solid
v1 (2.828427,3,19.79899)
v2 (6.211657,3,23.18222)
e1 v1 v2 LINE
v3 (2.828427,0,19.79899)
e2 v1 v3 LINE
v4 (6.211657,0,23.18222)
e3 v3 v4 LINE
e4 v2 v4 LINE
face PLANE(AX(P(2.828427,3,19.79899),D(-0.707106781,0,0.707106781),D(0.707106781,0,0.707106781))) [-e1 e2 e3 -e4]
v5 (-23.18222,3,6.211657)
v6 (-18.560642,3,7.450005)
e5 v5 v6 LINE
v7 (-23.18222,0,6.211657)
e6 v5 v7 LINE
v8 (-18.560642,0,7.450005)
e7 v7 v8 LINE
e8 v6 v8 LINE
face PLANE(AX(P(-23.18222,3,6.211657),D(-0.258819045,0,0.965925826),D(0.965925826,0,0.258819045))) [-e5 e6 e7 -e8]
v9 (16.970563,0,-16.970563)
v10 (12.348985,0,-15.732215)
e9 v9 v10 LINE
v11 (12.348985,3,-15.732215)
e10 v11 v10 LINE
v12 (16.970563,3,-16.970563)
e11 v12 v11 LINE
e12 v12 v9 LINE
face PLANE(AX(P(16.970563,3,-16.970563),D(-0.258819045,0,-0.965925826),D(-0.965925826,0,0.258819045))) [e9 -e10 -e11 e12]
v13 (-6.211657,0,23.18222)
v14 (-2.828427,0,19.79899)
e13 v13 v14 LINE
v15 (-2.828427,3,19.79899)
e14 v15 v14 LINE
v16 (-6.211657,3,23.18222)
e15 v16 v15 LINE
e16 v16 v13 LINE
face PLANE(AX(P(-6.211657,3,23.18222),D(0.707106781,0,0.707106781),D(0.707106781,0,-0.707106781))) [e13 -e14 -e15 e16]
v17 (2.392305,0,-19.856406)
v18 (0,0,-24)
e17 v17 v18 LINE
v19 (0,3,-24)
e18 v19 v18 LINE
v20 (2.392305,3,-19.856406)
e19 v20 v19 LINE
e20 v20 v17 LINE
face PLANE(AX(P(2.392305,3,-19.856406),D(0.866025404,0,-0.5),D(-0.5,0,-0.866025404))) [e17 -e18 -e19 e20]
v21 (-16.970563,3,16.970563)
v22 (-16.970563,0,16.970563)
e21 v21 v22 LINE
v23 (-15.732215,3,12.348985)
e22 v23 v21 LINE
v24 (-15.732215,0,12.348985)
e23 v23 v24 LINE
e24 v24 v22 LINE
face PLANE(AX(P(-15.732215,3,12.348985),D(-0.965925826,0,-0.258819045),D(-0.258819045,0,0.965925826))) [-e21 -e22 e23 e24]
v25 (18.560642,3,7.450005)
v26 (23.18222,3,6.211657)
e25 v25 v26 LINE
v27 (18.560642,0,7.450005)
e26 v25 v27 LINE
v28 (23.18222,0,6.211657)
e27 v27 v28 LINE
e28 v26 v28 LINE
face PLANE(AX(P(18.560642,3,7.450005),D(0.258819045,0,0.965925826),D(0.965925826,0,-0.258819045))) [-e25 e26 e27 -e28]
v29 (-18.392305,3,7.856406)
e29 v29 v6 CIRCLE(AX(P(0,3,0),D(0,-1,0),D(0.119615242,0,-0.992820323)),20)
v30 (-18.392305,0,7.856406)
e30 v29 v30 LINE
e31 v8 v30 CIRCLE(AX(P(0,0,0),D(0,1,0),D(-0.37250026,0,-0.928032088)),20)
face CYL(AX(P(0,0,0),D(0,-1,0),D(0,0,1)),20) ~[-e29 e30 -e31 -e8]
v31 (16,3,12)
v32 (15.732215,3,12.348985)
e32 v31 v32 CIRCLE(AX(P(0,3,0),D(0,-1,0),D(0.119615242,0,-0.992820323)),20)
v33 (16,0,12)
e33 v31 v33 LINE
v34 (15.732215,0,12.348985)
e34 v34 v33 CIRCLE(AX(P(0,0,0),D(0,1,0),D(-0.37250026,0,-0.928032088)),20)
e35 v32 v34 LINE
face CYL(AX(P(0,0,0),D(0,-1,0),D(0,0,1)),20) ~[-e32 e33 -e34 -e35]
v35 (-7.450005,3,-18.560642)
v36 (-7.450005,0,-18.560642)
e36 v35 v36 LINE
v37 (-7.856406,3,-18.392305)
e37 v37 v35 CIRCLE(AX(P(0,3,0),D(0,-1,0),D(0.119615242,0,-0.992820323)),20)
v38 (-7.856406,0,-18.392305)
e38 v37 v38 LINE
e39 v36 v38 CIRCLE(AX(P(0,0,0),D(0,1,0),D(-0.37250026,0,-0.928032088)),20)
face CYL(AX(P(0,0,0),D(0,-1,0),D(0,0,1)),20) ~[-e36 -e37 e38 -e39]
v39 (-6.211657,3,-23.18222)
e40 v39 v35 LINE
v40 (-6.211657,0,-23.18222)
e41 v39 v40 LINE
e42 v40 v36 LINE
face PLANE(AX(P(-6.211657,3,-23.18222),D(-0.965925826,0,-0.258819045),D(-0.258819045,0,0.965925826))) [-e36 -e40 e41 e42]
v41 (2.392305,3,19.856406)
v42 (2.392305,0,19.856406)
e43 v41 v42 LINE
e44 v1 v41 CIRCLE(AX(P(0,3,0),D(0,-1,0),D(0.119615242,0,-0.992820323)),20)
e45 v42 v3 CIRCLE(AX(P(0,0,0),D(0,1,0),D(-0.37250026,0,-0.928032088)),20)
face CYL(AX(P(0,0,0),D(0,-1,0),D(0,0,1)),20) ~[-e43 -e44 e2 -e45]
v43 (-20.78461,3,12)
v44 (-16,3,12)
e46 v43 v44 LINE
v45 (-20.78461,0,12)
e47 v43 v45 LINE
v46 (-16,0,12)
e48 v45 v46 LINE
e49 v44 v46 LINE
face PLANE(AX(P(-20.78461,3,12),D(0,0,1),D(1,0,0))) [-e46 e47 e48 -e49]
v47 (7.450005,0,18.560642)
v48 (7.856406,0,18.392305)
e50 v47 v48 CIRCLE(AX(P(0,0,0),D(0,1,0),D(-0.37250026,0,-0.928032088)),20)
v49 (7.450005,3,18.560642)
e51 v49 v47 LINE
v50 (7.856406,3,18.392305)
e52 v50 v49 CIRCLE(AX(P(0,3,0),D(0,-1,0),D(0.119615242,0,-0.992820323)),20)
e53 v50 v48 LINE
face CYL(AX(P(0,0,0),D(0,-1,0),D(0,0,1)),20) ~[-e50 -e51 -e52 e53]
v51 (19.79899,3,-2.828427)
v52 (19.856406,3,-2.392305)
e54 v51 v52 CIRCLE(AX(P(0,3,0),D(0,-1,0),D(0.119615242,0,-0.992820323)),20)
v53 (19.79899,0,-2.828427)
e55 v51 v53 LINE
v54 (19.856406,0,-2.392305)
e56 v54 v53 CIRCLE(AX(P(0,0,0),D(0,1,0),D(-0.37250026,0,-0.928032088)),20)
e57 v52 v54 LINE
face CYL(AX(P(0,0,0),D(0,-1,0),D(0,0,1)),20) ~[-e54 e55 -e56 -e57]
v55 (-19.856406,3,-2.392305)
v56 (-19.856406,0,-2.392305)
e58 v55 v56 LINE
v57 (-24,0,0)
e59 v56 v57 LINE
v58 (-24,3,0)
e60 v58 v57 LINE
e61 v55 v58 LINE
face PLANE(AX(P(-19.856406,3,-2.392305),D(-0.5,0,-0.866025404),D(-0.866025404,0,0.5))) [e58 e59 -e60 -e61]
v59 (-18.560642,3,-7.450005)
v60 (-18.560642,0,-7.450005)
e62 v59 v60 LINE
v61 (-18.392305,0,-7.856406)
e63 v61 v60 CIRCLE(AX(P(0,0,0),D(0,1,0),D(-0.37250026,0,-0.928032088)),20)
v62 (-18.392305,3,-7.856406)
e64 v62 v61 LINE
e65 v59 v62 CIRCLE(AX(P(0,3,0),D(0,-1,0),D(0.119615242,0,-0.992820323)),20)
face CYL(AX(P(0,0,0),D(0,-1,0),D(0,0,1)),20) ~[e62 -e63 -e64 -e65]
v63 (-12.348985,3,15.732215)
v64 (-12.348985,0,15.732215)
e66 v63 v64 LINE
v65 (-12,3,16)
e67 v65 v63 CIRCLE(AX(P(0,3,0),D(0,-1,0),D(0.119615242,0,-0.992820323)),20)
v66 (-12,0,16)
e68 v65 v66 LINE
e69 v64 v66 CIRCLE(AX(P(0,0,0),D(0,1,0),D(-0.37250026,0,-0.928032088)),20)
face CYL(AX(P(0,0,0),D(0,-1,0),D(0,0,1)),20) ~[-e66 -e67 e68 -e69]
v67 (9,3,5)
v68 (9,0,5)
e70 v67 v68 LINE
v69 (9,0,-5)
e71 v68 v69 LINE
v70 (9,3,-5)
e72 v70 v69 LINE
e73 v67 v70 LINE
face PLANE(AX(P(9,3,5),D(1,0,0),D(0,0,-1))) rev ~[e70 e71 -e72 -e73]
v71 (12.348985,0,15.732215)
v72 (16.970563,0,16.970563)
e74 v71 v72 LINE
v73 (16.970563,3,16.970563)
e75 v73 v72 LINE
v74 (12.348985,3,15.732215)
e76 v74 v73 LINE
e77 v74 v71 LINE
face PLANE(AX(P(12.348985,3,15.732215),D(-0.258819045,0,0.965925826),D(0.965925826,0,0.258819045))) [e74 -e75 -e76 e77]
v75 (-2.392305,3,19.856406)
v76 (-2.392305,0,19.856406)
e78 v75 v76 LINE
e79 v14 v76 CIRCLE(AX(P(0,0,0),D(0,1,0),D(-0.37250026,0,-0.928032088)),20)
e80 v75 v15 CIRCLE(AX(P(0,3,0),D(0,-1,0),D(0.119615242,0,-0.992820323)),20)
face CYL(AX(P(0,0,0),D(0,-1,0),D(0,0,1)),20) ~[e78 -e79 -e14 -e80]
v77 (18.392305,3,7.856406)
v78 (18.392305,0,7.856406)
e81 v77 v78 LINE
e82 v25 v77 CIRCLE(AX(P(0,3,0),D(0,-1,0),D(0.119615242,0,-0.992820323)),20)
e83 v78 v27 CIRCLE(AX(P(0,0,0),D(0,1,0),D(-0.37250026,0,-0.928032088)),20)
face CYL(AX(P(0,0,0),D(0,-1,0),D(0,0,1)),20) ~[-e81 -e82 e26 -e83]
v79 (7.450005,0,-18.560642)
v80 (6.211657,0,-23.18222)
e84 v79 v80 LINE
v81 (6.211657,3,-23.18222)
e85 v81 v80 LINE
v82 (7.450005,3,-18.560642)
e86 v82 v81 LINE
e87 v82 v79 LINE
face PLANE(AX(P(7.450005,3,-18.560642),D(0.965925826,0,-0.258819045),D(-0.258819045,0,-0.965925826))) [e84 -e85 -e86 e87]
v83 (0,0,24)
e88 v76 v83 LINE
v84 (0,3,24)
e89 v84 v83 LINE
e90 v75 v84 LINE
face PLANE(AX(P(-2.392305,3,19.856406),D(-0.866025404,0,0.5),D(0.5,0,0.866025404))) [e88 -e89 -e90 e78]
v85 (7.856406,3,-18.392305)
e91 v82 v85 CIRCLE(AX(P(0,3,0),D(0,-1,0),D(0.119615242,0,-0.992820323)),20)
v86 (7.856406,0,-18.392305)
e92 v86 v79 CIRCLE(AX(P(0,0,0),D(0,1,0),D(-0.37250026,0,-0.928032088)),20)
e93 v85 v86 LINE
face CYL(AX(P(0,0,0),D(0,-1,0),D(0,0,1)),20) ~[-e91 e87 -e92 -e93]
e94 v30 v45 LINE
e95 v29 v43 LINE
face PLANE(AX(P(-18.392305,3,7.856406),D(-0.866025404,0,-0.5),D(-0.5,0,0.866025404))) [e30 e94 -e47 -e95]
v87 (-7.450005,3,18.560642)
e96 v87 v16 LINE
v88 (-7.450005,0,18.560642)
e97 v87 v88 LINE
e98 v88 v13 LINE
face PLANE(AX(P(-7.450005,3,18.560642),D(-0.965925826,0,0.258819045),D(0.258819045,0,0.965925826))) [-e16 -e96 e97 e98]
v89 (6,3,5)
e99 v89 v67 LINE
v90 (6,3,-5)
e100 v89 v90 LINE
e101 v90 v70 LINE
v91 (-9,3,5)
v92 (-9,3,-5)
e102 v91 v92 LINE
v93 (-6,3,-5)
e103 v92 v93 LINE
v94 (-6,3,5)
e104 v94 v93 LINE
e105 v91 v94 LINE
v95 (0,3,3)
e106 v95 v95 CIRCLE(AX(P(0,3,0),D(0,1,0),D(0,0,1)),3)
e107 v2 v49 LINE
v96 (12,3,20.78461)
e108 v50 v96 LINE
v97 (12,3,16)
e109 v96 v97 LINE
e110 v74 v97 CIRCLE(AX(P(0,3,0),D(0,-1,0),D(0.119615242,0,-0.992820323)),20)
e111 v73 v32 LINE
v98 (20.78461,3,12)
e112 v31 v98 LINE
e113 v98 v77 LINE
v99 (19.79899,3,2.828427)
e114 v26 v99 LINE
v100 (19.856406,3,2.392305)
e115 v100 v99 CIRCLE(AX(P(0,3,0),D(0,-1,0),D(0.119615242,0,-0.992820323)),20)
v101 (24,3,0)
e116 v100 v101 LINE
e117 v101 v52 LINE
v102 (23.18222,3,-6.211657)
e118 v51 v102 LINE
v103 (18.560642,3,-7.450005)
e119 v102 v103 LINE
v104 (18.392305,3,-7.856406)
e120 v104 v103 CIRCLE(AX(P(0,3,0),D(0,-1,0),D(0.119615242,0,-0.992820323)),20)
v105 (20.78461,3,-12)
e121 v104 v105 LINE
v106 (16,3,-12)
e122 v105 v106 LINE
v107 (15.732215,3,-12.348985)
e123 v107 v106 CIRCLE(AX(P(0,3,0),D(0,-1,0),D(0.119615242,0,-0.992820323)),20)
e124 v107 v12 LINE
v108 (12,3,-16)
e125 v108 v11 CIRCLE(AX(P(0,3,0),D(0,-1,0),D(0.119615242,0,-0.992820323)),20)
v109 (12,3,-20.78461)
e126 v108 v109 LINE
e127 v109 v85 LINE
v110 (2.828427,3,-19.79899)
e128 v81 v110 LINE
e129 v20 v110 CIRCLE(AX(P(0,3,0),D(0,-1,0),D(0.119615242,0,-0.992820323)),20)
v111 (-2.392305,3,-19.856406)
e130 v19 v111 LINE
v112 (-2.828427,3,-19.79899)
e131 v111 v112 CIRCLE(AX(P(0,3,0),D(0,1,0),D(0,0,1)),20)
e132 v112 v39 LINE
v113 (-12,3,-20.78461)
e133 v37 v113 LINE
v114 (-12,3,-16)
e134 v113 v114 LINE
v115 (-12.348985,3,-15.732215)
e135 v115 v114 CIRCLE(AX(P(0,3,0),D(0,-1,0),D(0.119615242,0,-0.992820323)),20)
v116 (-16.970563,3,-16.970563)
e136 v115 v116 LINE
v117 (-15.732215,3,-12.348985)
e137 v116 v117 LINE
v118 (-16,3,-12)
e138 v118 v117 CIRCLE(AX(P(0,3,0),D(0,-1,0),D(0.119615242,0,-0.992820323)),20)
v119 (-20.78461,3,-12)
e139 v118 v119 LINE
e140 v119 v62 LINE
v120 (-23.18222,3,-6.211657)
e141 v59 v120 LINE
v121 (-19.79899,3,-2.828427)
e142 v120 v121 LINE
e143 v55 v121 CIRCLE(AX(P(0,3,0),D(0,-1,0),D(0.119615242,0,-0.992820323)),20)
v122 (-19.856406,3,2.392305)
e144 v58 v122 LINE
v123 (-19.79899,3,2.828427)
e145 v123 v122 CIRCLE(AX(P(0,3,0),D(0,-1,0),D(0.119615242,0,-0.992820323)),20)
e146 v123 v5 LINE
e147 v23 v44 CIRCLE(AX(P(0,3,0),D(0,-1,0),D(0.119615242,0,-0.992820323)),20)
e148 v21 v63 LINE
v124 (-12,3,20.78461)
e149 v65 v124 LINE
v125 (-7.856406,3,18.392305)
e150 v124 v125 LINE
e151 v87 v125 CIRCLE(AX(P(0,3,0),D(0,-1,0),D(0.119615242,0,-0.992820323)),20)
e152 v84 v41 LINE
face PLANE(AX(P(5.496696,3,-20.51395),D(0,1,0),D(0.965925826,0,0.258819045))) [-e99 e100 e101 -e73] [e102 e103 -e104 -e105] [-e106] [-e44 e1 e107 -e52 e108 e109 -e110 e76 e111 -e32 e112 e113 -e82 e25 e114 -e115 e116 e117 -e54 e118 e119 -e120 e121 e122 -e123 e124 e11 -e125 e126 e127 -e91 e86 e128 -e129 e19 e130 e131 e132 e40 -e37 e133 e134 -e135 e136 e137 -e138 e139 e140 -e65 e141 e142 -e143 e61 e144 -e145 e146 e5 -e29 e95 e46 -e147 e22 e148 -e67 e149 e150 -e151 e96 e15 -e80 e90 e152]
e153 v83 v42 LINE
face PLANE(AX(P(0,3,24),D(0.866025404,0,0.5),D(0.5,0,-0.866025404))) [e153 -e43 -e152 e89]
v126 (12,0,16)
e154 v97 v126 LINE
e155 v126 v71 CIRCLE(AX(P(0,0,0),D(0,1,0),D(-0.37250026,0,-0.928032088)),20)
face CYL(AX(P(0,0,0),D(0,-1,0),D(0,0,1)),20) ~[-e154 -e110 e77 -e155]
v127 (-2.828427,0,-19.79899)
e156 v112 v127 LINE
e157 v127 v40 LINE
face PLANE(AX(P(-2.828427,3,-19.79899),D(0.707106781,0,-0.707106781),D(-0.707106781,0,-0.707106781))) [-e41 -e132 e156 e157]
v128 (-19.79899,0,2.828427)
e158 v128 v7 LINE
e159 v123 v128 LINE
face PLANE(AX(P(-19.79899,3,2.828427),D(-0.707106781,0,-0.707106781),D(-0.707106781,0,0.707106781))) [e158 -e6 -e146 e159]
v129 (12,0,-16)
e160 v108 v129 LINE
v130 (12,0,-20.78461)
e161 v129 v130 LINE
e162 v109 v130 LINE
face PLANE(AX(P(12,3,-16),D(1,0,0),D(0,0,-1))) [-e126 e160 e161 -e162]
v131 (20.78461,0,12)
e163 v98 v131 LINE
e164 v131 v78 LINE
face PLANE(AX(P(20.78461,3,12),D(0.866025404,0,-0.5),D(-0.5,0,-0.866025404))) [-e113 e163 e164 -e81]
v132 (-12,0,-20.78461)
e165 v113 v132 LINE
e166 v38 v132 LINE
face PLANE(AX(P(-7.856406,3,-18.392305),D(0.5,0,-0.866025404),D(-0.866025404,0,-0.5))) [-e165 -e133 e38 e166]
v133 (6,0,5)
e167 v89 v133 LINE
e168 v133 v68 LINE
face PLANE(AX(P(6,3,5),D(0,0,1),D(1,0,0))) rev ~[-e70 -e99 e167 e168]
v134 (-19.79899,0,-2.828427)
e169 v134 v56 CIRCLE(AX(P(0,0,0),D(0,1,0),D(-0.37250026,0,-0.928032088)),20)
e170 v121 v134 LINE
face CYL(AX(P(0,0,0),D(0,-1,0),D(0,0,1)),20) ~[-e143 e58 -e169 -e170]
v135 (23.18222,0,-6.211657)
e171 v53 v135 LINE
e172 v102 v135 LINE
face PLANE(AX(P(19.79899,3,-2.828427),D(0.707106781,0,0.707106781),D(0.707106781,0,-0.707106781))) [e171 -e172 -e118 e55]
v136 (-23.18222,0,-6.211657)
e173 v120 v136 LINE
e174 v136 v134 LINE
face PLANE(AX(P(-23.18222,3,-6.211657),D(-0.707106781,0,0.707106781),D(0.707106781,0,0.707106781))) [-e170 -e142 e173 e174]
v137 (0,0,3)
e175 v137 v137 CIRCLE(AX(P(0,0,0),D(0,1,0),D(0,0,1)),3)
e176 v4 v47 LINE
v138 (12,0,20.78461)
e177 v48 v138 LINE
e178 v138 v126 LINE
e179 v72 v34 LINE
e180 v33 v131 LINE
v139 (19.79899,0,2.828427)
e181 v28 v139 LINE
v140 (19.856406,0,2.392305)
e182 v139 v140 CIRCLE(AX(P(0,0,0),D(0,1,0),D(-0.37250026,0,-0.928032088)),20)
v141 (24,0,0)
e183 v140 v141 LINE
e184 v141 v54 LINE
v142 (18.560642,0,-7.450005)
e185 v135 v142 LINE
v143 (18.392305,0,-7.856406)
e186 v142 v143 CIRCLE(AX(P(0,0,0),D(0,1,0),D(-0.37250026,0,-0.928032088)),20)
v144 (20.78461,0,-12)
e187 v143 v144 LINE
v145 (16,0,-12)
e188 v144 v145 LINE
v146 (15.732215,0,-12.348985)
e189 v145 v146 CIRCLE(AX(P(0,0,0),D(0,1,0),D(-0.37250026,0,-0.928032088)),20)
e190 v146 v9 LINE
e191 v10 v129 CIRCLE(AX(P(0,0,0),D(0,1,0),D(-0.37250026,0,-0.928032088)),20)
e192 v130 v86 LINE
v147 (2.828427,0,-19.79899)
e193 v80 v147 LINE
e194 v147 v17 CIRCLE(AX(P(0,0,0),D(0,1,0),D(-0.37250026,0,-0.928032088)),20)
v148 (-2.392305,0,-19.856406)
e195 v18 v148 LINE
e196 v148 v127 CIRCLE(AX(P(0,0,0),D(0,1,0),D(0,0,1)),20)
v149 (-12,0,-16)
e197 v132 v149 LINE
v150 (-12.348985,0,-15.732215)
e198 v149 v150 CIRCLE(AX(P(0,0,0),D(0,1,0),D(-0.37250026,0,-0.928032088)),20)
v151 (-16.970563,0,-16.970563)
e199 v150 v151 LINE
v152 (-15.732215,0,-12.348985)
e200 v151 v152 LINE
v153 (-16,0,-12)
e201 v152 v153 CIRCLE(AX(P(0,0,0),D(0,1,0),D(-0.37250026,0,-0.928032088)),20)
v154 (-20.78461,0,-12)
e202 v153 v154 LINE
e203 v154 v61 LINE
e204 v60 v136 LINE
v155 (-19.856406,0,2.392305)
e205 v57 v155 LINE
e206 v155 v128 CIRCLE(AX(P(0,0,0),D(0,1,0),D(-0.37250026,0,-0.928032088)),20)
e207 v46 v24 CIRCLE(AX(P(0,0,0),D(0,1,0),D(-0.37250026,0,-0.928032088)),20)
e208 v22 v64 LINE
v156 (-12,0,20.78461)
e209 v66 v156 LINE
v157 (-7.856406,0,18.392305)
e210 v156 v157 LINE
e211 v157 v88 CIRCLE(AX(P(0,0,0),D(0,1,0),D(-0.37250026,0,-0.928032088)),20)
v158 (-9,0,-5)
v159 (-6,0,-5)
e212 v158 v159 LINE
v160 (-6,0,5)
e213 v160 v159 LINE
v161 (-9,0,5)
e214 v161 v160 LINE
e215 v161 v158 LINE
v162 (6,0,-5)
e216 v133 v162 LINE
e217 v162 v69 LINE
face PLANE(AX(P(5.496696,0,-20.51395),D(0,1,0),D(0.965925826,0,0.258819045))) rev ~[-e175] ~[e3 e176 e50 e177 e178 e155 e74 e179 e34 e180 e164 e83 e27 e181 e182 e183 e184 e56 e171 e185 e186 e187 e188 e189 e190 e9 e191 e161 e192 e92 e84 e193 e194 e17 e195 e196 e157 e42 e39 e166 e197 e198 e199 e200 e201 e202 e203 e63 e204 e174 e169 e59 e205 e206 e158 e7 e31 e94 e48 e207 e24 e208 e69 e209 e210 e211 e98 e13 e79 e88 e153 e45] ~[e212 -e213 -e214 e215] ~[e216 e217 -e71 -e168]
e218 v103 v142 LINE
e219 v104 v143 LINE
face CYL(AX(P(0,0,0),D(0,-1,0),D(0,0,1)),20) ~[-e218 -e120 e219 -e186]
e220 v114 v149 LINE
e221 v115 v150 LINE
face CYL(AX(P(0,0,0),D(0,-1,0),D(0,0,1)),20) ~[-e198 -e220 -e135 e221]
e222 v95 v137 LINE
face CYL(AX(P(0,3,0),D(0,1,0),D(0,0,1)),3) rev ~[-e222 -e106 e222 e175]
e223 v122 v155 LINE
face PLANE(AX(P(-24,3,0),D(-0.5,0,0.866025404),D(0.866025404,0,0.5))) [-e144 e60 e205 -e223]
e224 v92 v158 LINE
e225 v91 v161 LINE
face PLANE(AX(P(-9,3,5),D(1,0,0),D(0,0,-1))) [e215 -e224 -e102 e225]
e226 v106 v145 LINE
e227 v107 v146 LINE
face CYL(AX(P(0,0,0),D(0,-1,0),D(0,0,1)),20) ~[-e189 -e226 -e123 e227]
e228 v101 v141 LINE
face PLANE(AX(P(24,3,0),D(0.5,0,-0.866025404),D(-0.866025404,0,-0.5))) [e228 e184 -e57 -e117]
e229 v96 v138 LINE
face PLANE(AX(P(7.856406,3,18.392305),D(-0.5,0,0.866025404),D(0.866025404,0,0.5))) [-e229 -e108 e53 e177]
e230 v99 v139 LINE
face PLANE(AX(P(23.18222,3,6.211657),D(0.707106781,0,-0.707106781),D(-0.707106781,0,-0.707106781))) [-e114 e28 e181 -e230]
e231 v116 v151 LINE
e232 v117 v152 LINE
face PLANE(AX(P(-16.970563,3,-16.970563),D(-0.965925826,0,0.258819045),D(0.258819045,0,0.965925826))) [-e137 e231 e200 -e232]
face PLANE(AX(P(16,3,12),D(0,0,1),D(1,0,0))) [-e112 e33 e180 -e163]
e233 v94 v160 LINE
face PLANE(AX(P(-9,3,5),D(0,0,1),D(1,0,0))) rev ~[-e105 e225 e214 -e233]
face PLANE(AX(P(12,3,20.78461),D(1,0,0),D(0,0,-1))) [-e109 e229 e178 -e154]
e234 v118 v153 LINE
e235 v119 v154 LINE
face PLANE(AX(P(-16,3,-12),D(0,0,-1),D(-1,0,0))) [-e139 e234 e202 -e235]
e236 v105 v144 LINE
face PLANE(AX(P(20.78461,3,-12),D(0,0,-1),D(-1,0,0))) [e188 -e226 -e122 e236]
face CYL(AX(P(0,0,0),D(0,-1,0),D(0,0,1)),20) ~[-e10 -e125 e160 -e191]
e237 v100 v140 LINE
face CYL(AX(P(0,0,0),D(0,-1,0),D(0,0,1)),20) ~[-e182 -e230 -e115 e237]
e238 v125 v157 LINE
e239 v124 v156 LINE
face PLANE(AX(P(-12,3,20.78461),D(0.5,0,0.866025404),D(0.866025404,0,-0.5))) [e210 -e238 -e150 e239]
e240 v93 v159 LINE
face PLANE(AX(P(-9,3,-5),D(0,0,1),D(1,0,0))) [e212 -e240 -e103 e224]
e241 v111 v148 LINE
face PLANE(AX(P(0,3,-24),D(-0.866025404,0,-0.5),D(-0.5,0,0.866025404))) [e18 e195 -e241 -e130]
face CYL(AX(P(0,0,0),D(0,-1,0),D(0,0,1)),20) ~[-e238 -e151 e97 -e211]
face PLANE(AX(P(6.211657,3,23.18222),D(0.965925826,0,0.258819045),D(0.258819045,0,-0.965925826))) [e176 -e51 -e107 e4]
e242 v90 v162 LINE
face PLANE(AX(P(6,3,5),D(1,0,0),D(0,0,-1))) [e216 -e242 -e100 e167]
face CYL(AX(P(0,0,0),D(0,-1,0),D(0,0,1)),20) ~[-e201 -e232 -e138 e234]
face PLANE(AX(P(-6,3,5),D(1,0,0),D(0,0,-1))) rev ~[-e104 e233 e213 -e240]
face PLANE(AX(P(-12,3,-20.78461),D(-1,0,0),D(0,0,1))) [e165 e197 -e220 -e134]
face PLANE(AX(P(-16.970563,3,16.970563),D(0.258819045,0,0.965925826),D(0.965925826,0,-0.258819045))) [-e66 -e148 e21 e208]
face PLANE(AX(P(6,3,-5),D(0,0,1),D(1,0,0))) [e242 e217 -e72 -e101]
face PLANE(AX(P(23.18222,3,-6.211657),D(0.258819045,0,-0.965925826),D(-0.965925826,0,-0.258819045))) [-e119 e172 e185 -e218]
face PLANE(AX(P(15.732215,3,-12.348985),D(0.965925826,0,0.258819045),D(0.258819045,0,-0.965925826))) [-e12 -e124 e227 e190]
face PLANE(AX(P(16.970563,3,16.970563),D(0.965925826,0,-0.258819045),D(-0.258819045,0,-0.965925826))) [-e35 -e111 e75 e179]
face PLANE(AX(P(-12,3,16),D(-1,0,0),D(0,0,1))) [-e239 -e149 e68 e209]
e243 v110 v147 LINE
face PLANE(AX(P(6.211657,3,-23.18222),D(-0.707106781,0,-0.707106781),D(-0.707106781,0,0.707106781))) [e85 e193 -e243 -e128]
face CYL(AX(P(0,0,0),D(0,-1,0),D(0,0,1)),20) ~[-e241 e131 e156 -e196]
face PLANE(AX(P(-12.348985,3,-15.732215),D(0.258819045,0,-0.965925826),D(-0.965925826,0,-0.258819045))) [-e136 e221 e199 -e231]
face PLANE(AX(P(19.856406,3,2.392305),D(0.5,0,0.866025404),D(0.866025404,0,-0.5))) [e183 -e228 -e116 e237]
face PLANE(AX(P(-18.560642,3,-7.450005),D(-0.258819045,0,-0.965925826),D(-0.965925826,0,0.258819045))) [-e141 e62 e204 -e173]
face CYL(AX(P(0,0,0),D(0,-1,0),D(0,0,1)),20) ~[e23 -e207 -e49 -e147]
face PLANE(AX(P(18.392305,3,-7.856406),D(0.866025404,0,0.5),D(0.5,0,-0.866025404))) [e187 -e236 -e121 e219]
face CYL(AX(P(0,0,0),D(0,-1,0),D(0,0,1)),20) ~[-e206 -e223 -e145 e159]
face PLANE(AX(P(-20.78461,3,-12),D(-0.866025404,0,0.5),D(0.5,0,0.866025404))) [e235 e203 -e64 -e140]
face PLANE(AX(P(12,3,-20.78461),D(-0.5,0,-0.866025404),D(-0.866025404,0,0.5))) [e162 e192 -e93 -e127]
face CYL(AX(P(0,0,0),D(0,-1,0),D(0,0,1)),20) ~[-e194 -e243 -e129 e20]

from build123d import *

# Parameters (mm, degrees)
SKETCH1_R           = 20
BOSS_EXTRUDE1_DEPTH = 3
BOSS_EXTRUDE2_DEPTH = 3
CIRPATTERN1_COUNT   = 24
SKETCH3_R           = 3
CUT_EXTRUDE1_DEPTH  = 3
SKETCH4_W           = 3
SKETCH4_H           = 10
CUT_EXTRUDE2_DEPTH  = 10


with BuildPart() as part:
    # Sketch1 → Boss-Extrude1 (new body)
    with BuildSketch(Plane(origin=(0, 0, 0), x_dir=(1, 0, 0), z_dir=(0, 1, 0))):
        with Locations(Location((0, 0, 0), (0, 0, 270))):
            Circle(SKETCH1_R)
    extrude(amount=BOSS_EXTRUDE1_DEPTH)

    # Sketch2 → Boss-Extrude2 (add)
    with BuildSketch(Plane(origin=(0, 3, 0), x_dir=(1, 0, 0), z_dir=(0, 1, 0))):
        Polygon((0, 24), (-2.392304845, 19.856406461), (2.392304845, 19.856406461), align=None)
    boss_extrude2 = extrude(amount=-BOSS_EXTRUDE2_DEPTH)

    # CirPattern1: Boss-Extrude2 ×24 about axis
    cirpattern1_axis = Axis((0, 0, 0), (0, 1, 0))
    for i in range(1, CIRPATTERN1_COUNT):
        add(boss_extrude2.rotate(cirpattern1_axis, i * 360 / CIRPATTERN1_COUNT))

    # Sketch3 → Cut-Extrude1 (cut)
    with BuildSketch(Plane(origin=(0, 3, 0), x_dir=(1, 0, 0), z_dir=(0, 1, 0))):
        with Locations(Location((0, 0, 0), (0, 0, 270))):
            Circle(SKETCH3_R)
    extrude(amount=-CUT_EXTRUDE1_DEPTH, mode=Mode.SUBTRACT)

    # Sketch4 → Cut-Extrude2 (cut)
    with BuildSketch(Plane(origin=(0, 3, 0), x_dir=(1, 0, 0), z_dir=(0, 1, 0))):
        with Locations((-7.5, 0)):
            Rectangle(SKETCH4_W, SKETCH4_H)
        with Locations((7.5, 0)):
            Rectangle(SKETCH4_W, SKETCH4_H)
    extrude(amount=-CUT_EXTRUDE2_DEPTH, mode=Mode.SUBTRACT)


solid = part.part
